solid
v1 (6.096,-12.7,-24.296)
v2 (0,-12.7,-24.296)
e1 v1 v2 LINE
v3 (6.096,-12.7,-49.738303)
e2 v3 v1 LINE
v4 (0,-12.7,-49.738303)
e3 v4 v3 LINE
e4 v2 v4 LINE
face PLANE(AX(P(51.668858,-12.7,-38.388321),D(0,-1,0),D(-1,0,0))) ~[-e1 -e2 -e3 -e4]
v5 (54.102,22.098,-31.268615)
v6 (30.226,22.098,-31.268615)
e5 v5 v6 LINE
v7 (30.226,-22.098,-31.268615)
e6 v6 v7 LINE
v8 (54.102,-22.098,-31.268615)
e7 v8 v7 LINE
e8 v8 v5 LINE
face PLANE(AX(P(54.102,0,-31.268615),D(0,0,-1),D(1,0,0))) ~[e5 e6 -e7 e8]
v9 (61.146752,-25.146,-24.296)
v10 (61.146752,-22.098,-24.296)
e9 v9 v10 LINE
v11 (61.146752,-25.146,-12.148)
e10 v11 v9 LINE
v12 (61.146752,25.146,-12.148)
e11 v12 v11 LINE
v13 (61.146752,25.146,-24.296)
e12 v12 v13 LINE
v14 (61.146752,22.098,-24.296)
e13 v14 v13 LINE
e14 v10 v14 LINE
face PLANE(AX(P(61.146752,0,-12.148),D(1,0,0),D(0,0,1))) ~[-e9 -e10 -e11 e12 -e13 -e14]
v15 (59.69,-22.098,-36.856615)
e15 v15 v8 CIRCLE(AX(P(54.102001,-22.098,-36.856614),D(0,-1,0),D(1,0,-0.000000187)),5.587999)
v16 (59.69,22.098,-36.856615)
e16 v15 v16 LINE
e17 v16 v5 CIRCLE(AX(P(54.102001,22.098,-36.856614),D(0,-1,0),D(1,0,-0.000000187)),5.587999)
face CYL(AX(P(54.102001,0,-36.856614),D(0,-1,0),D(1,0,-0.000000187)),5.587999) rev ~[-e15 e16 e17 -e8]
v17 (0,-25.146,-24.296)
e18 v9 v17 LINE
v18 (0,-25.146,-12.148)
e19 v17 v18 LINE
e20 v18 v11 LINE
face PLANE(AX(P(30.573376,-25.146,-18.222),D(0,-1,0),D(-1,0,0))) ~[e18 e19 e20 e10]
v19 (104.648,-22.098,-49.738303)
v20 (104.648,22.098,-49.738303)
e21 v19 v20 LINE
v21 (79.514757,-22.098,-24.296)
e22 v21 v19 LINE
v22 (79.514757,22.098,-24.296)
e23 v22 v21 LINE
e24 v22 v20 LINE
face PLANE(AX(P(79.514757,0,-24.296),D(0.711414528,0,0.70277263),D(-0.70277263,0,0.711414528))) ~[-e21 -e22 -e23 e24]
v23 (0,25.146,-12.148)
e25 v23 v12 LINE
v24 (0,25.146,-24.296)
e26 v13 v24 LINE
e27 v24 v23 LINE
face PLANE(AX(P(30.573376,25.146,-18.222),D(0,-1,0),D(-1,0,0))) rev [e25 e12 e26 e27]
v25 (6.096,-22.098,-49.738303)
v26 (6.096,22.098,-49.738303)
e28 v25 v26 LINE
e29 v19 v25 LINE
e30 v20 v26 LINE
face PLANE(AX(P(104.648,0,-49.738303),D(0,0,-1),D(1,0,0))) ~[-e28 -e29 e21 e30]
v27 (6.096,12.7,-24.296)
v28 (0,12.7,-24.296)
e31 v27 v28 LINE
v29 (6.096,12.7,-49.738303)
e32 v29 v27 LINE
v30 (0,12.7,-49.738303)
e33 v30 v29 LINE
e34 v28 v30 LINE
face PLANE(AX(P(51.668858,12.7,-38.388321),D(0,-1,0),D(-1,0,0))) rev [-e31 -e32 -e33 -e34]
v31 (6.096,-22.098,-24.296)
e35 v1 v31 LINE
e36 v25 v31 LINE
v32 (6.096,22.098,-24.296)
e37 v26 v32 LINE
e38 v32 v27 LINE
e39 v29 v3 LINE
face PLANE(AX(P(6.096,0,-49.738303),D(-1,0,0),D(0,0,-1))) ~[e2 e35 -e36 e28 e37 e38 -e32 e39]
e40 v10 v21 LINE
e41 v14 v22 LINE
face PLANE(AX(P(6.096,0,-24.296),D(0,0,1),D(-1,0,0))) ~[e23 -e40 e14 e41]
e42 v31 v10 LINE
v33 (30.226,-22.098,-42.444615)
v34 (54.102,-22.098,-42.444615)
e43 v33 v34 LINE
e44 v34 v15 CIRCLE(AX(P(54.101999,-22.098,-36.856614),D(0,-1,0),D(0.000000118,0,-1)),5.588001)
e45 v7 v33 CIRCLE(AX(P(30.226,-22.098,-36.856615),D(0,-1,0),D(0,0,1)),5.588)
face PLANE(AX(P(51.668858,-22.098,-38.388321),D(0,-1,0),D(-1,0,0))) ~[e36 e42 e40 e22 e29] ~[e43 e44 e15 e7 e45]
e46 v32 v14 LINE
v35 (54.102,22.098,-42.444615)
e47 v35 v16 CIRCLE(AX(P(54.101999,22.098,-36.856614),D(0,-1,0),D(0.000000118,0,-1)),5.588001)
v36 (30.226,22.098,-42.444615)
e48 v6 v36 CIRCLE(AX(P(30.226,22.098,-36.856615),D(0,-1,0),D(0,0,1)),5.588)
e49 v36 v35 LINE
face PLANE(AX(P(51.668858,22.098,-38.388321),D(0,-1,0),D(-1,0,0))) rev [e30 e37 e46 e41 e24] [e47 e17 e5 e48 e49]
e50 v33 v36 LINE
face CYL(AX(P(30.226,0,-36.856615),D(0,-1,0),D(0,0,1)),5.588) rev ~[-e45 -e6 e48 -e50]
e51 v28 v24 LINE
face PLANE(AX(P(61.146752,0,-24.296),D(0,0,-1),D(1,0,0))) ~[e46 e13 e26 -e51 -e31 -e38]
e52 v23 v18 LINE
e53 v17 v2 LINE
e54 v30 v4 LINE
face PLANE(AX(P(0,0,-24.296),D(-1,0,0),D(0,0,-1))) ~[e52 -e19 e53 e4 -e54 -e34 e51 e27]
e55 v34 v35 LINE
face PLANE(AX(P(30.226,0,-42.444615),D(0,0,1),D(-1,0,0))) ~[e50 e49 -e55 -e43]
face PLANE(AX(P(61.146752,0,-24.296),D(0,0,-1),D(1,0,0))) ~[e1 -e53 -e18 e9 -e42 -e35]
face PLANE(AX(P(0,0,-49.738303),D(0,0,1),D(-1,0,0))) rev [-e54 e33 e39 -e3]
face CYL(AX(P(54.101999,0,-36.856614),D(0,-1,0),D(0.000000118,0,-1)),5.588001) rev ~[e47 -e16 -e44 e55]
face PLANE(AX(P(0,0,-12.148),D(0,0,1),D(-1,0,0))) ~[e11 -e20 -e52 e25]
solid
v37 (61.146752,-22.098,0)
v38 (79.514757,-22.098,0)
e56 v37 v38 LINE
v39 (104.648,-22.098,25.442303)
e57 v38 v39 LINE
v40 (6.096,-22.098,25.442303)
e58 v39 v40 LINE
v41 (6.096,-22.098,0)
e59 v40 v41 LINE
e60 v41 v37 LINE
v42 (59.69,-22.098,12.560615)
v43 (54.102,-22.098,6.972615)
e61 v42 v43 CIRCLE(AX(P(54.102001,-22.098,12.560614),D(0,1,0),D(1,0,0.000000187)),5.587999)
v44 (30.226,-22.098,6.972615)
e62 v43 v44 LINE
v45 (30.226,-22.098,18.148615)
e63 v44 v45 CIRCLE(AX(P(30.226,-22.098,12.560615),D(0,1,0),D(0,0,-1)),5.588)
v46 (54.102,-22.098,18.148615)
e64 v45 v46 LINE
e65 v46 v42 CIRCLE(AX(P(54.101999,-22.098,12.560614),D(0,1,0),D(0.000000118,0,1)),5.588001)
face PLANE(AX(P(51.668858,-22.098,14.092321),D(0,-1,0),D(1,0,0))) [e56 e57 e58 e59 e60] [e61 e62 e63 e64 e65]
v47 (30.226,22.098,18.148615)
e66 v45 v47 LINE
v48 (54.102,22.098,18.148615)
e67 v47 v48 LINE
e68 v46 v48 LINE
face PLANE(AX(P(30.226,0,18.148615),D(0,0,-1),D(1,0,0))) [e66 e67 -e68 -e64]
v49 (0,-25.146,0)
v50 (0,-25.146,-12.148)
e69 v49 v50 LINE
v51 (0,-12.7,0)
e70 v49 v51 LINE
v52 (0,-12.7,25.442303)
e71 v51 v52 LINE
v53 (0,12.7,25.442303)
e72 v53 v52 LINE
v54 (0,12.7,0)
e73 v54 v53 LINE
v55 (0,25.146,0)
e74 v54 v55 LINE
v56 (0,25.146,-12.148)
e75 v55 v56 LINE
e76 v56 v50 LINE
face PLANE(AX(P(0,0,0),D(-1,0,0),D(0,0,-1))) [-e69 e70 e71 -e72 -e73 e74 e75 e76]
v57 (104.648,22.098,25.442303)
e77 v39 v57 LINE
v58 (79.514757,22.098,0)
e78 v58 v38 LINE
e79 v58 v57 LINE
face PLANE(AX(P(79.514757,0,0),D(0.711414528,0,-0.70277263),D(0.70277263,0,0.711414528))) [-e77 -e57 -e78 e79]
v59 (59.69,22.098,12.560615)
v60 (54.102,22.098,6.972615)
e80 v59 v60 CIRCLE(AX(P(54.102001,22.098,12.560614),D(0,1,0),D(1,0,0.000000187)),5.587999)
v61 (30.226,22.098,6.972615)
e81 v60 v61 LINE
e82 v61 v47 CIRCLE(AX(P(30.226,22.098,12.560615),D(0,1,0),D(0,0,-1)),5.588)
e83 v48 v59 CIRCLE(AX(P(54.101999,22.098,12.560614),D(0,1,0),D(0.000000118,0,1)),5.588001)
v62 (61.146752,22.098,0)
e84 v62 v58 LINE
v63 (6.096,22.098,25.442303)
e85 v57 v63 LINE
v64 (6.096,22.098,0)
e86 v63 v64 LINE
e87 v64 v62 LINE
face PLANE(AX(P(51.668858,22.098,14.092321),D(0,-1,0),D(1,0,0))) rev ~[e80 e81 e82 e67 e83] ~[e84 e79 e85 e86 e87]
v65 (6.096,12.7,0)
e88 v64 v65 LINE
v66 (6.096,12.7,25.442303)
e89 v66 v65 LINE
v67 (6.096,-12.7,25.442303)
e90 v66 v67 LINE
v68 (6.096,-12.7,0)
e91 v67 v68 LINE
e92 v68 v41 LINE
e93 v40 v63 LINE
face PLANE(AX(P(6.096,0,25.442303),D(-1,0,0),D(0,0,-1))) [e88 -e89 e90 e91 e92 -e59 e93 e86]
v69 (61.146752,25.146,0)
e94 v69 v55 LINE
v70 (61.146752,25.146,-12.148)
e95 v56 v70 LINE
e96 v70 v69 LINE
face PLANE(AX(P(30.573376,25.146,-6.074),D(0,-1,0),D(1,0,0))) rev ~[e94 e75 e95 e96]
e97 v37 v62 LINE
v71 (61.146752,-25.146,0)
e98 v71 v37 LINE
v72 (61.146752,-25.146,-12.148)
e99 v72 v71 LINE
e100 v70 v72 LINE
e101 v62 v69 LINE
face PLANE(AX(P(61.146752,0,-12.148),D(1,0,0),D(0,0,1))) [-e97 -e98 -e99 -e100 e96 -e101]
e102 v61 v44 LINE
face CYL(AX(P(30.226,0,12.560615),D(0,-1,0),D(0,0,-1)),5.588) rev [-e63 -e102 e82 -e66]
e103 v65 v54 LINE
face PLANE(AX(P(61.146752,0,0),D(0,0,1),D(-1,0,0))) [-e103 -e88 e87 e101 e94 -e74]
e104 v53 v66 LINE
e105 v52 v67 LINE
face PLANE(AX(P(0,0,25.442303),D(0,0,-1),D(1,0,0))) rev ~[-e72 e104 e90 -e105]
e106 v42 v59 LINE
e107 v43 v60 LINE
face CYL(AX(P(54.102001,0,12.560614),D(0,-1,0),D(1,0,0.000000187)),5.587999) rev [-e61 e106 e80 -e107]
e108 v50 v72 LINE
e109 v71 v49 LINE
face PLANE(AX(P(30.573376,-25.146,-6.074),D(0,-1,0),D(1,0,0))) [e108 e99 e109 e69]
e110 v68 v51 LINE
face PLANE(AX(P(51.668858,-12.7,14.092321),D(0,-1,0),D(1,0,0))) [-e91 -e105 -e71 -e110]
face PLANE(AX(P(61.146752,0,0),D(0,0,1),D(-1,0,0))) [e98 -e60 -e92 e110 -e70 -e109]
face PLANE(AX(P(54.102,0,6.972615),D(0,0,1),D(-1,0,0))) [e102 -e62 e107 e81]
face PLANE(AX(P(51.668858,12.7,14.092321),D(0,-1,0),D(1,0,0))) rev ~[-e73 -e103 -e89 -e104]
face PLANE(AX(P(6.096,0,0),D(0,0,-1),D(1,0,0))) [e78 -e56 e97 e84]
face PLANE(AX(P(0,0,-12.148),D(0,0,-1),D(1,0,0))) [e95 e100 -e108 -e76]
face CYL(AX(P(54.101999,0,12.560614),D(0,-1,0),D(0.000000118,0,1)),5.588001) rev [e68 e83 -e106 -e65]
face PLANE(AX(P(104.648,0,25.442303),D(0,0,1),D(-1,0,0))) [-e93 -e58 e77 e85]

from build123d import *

# Parameters (mm, degrees)
F0_W     = 6.096
F0_H     = 25.442303
F1_DEPTH = 12.7
F2_DEPTH = 22.098
F3_DEPTH = 25.146


with BuildPart() as f1:
    # F0 (on Front) → F1 (new body, symmetric)
    with BuildSketch(Plane.XZ):
        Polygon((6.096, 25.442303), (6.096, 0), (61.146752, 0), (66.096001, 0), (79.514757, 0), (104.648, 25.442303), (86.572984, 25.442303), (69.596, 25.442303), align=None)
        with BuildLine():
            ThreePointArc((30.226, 6.972615), (24.638, 12.560615), (30.226, 18.148615))
            Line((30.226, 18.148615), (54.102, 18.148615))
            ThreePointArc((54.102, 18.148615), (58.053313, 16.511927), (59.69, 12.560615))
            ThreePointArc((59.69, 12.560615), (58.053313, 8.609302), (54.102, 6.972615))
            Line((54.102, 6.972615), (30.226, 6.972615))
        make_face(mode=Mode.SUBTRACT)
        with Locations((3.048, 12.721151)):
            Rectangle(F0_W, F0_H)
    extrude(amount=F1_DEPTH, both=True)

    # F0 (on Front) → F2 (join, symmetric)
    with BuildSketch(Plane.XZ):
        Polygon((6.096, 25.442303), (6.096, 0), (61.146752, 0), (66.096001, 0), (79.514757, 0), (104.648, 25.442303), (86.572984, 25.442303), (69.596, 25.442303), align=None)
        with BuildLine():
            ThreePointArc((30.226, 6.972615), (24.638, 12.560615), (30.226, 18.148615))
            Line((30.226, 18.148615), (54.102, 18.148615))
            ThreePointArc((54.102, 18.148615), (58.053313, 16.511927), (59.69, 12.560615))
            ThreePointArc((59.69, 12.560615), (58.053313, 8.609302), (54.102, 6.972615))
            Line((54.102, 6.972615), (30.226, 6.972615))
        make_face(mode=Mode.SUBTRACT)
    extrude(amount=F2_DEPTH, both=True)

    # F0 (on Front) → F3 (join, symmetric)
    with BuildSketch(Plane.XZ):
        Polygon((6.096, 0), (0, 0), (0, -12.148), (61.146752, -12.148), (61.146752, 0), align=None)
    extrude(amount=F3_DEPTH, both=True)


with BuildPart() as f4_1:
    # F4: instance of F1
    add(f1.part.mirror(Plane(origin=(30.573376, 0, -12.148), x_dir=(1, 0, 0), z_dir=(0, 0, -1))))


solid = Compound([f1.part, f4_1.part])
